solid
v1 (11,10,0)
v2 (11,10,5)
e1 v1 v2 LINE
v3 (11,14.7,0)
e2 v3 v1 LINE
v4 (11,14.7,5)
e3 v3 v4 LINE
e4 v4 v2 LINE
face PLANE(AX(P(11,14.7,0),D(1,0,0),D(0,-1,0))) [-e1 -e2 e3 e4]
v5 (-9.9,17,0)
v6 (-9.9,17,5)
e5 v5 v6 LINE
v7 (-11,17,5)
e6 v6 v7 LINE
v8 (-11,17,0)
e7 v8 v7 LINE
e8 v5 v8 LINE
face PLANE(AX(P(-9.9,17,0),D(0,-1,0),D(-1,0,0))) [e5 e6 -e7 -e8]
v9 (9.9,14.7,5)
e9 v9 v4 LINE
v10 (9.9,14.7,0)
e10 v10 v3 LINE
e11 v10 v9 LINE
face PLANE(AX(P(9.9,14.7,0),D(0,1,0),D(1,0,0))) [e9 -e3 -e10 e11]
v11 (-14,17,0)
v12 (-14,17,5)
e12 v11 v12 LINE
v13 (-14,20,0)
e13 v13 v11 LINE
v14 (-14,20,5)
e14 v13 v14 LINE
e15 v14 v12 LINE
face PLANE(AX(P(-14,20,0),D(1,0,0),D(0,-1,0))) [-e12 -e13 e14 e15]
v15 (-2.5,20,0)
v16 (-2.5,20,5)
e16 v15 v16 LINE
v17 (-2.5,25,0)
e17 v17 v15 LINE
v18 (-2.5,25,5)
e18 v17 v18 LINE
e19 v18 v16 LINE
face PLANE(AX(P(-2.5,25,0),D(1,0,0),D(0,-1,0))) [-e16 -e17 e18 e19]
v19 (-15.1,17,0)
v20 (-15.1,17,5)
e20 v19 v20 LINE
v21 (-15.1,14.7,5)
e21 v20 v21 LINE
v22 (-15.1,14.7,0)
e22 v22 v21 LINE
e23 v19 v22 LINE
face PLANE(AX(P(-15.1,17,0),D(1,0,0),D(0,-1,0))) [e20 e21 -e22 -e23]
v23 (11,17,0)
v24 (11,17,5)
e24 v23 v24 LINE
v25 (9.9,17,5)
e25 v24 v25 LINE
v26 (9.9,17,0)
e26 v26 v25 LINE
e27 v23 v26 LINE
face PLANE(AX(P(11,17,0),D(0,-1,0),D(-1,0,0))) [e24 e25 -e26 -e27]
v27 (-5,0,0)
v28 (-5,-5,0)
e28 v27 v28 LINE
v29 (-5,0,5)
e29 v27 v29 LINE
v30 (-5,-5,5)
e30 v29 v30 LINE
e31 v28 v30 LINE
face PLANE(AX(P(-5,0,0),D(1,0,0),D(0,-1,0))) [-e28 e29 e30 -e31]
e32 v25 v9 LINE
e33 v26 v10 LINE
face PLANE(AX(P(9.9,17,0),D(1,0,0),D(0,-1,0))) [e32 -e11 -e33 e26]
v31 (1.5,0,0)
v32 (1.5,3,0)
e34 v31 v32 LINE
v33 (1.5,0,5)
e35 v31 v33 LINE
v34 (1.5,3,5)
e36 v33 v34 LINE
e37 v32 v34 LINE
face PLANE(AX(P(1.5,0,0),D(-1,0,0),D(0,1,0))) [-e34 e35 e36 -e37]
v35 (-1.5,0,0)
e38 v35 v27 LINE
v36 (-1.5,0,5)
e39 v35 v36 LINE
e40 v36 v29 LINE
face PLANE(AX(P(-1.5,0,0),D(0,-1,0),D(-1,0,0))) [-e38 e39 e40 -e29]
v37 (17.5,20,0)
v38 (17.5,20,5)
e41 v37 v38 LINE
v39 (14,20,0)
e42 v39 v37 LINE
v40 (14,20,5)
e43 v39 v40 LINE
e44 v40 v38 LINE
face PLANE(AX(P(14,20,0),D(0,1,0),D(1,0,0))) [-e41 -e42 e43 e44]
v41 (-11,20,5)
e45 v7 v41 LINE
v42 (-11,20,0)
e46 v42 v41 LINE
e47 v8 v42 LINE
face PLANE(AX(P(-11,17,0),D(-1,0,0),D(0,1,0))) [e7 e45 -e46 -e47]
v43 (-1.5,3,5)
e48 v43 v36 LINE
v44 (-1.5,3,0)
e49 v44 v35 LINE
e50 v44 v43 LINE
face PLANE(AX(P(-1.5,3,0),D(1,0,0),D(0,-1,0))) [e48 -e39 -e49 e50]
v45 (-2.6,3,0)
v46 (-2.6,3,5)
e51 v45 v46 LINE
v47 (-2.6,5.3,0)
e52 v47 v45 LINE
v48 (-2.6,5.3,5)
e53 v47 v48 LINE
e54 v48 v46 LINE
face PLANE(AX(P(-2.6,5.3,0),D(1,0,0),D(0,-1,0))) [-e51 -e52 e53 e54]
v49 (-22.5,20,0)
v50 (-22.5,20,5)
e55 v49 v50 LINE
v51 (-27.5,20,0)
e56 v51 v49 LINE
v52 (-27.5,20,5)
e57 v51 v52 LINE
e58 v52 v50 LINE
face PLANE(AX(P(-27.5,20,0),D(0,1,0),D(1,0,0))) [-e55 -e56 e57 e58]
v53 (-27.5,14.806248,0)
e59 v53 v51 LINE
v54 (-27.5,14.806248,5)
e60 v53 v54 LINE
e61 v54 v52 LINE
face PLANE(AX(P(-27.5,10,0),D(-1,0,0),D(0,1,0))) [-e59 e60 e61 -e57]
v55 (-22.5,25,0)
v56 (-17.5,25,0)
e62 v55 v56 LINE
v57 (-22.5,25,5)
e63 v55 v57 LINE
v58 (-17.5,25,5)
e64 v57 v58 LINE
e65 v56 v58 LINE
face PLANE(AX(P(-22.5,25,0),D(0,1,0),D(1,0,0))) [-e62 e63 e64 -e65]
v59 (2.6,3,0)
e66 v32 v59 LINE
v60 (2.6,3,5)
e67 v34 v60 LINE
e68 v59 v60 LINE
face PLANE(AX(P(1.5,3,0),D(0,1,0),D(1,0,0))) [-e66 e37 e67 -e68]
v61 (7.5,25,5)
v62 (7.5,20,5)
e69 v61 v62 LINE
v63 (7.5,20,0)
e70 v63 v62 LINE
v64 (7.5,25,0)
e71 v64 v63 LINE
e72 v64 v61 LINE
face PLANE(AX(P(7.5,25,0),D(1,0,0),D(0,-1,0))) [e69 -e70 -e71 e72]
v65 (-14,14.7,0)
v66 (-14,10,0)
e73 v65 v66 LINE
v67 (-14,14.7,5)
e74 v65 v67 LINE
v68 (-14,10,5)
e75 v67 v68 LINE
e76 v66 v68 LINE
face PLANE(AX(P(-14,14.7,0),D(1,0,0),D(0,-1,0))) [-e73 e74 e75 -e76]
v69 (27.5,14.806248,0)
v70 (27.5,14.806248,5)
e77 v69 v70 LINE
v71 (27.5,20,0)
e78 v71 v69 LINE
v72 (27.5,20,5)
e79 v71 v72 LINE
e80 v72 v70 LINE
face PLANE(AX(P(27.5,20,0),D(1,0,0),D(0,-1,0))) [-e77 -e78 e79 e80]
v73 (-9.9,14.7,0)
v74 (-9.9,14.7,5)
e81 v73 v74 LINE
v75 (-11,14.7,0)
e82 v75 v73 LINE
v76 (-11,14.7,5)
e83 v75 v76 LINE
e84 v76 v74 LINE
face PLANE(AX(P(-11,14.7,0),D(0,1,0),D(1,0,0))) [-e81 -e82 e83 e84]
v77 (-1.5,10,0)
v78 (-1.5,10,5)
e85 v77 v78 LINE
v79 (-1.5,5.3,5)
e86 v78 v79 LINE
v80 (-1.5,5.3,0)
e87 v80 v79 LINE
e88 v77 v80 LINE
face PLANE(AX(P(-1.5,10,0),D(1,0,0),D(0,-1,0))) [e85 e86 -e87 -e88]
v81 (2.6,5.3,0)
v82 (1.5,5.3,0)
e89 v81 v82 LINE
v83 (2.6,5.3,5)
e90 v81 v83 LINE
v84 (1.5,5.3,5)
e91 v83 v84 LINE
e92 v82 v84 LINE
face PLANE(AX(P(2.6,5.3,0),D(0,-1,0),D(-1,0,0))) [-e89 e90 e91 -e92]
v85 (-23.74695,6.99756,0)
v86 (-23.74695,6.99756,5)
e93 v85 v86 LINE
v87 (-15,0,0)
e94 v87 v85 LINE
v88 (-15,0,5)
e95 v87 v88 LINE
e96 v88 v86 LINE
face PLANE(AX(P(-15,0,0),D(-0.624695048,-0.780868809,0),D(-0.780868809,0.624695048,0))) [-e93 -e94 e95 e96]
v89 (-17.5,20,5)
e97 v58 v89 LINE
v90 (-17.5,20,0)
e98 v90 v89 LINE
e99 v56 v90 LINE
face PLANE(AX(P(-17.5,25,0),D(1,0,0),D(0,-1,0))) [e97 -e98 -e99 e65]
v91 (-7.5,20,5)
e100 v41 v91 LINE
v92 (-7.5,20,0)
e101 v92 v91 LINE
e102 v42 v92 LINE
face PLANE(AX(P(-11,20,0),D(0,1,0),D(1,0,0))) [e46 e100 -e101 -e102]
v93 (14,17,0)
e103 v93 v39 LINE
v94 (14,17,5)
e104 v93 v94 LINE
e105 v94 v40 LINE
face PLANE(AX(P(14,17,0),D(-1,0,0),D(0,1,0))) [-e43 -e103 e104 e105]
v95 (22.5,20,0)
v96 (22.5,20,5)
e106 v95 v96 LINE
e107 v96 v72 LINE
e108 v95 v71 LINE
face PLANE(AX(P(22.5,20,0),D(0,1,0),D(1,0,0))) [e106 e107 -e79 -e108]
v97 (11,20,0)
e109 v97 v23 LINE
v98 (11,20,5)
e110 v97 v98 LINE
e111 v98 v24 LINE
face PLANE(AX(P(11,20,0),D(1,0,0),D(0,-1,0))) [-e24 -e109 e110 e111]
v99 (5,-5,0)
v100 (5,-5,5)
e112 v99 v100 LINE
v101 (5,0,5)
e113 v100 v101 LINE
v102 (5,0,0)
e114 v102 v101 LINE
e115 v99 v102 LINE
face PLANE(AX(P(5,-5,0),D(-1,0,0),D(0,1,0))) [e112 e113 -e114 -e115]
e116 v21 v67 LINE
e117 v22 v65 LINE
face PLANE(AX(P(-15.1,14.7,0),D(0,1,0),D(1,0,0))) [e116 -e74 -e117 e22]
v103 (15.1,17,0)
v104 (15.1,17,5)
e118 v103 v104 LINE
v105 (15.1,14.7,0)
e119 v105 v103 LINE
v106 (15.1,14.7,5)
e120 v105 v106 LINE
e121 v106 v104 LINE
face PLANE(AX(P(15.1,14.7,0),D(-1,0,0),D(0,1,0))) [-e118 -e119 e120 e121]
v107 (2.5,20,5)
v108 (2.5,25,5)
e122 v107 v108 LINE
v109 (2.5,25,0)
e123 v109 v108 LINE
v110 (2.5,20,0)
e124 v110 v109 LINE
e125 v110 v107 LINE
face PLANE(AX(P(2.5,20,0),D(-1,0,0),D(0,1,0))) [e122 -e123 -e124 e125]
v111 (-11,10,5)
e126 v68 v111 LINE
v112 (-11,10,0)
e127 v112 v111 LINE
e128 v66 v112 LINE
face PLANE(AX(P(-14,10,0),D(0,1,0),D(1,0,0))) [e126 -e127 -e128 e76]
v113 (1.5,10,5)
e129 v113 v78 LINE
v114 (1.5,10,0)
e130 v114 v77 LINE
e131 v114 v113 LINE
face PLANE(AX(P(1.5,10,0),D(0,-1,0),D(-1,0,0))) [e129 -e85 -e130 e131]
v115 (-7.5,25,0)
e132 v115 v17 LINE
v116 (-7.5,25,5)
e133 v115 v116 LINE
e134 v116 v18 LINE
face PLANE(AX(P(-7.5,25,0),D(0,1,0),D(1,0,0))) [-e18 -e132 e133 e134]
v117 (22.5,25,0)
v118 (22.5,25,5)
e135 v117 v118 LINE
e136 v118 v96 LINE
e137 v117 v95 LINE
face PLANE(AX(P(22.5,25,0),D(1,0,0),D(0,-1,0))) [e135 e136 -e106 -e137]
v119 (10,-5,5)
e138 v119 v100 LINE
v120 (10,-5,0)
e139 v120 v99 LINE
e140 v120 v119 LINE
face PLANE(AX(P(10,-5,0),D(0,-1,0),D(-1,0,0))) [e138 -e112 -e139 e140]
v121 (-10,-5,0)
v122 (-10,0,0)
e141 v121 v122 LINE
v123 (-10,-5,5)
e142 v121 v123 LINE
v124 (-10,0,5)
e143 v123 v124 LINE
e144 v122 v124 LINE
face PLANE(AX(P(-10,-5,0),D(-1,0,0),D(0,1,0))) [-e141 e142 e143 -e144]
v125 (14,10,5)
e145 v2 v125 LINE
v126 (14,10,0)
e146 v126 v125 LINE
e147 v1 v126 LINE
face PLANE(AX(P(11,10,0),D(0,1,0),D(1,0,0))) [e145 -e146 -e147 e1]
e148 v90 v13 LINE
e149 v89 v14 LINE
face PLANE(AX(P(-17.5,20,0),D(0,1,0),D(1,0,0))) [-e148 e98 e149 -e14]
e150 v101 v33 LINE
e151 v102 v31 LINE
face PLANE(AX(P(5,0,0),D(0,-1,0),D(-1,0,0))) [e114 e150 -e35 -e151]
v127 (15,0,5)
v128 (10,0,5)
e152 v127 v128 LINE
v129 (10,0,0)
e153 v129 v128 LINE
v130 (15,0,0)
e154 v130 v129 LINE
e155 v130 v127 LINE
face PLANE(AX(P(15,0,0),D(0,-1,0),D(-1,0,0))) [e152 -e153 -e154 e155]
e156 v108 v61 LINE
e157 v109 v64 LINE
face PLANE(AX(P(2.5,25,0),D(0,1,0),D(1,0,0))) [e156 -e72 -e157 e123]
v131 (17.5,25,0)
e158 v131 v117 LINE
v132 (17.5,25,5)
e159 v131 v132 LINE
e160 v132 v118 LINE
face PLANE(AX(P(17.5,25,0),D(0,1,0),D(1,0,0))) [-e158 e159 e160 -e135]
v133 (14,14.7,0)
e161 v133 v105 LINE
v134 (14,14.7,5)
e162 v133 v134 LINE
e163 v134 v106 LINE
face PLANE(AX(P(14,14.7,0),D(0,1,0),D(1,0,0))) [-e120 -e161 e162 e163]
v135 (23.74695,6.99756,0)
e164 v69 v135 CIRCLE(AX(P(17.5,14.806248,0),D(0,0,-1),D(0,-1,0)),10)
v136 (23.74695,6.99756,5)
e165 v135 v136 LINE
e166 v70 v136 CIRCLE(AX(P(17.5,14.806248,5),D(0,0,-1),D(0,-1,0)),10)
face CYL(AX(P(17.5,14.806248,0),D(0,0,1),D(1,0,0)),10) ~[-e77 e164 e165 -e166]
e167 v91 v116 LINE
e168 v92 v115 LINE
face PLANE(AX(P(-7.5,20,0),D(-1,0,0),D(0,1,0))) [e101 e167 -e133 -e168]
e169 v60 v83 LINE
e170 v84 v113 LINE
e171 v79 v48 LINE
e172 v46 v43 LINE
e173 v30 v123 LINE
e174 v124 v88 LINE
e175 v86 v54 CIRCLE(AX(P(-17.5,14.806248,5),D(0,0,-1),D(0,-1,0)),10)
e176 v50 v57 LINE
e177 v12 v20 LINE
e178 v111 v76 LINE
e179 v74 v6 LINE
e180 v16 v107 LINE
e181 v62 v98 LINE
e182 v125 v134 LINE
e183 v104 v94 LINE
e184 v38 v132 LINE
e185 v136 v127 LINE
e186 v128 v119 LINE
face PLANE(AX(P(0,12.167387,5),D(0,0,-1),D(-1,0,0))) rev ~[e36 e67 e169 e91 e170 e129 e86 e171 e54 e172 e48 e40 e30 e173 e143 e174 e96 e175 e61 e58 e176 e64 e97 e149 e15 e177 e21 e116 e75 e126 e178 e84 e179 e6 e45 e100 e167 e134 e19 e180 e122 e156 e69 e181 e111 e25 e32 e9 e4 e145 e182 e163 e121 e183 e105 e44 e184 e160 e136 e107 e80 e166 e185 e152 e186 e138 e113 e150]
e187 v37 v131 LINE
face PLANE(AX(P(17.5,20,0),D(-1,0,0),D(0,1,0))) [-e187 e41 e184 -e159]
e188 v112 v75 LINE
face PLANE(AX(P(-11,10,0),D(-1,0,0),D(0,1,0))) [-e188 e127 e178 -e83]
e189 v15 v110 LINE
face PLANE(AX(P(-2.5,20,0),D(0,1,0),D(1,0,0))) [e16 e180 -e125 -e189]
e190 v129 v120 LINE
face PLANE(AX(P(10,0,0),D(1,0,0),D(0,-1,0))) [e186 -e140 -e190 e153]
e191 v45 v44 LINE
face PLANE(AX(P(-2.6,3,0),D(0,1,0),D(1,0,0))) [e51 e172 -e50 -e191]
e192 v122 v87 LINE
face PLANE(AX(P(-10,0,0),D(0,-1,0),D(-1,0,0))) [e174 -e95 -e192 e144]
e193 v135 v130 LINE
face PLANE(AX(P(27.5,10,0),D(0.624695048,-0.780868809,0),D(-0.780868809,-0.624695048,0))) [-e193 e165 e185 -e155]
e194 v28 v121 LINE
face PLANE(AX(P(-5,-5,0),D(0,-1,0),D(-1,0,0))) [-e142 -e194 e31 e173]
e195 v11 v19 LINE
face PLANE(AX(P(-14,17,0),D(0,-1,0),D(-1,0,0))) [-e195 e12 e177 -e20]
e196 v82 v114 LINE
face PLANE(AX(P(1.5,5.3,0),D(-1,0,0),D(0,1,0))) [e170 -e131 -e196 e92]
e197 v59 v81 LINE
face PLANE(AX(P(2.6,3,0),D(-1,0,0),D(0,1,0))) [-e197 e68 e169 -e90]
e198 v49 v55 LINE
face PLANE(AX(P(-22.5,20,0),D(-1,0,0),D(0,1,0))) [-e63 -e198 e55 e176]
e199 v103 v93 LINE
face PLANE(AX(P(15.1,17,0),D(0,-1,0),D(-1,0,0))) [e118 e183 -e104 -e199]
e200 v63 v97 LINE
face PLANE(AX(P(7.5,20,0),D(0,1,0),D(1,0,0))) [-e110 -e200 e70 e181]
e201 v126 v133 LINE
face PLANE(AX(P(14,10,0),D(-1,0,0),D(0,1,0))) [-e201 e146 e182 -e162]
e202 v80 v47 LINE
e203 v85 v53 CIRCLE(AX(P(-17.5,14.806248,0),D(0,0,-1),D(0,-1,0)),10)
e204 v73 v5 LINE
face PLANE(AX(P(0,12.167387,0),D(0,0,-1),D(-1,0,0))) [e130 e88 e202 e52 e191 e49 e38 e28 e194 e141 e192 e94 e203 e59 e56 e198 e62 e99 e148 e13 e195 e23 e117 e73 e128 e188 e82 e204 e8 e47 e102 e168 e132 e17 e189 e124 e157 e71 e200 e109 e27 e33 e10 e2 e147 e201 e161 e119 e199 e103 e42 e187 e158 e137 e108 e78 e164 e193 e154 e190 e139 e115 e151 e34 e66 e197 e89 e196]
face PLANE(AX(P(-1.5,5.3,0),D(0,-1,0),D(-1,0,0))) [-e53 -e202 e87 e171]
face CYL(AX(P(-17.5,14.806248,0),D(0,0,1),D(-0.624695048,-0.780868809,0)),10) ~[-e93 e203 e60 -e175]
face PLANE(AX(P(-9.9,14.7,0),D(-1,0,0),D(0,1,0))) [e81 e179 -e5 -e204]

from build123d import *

# Parameters (mm, degrees)
BOSS_EXTRU_1_DEPTH = 5
CONG_1_R           = 10


with BuildPart() as part:
    # Esquisse1 → Boss.-Extru.1 (new body)
    with BuildSketch(Plane.XY):
        Polygon((-10, 0), (-15, 0), (-27.5, 10), (-27.5, 20), (-22.5, 20), (-22.5, 25), (-17.5, 25), (-17.5, 20), (-14, 20), (-14, 17), (-15.1, 17), (-15.1, 14.7), (-14, 14.7), (-14, 10), (-11, 10), (-11, 14.7), (-9.9, 14.7), (-9.9, 17), (-11, 17), (-11, 20), (-7.5, 20), (-7.5, 25), (-2.5, 25), (-2.5, 20), (2.5, 20), (2.5, 25), (7.5, 25), (7.5, 20), (11, 20), (11, 17), (9.9, 17), (9.9, 14.7), (11, 14.7), (11, 10), (14, 10), (14, 14.7), (15.1, 14.7), (15.1, 17), (14, 17), (14, 20), (17.5, 20), (17.5, 25), (22.5, 25), (22.5, 20), (27.5, 20), (27.5, 10), (15, 0), (10, 0), (10, -5), (5, -5), (5, 0), (1.5, 0), (1.5, 3), (2.6, 3), (2.6, 5.3), (1.5, 5.3), (1.5, 10), (-1.5, 10), (-1.5, 5.3), (-2.6, 5.3), (-2.6, 3), (-1.5, 3), (-1.5, 0), (-5, 0), (-5, -5), (-10, -5), align=None)
    extrude(amount=BOSS_EXTRU_1_DEPTH)

    # Congé1
    cong_1_edges = [part.edges().sort_by_distance(p)[0] for p in [
        (27.5, 10, 2.5),
        (-27.5, 10, 2.5),
    ]]
    fillet(cong_1_edges, radius=CONG_1_R)


solid = part.part
